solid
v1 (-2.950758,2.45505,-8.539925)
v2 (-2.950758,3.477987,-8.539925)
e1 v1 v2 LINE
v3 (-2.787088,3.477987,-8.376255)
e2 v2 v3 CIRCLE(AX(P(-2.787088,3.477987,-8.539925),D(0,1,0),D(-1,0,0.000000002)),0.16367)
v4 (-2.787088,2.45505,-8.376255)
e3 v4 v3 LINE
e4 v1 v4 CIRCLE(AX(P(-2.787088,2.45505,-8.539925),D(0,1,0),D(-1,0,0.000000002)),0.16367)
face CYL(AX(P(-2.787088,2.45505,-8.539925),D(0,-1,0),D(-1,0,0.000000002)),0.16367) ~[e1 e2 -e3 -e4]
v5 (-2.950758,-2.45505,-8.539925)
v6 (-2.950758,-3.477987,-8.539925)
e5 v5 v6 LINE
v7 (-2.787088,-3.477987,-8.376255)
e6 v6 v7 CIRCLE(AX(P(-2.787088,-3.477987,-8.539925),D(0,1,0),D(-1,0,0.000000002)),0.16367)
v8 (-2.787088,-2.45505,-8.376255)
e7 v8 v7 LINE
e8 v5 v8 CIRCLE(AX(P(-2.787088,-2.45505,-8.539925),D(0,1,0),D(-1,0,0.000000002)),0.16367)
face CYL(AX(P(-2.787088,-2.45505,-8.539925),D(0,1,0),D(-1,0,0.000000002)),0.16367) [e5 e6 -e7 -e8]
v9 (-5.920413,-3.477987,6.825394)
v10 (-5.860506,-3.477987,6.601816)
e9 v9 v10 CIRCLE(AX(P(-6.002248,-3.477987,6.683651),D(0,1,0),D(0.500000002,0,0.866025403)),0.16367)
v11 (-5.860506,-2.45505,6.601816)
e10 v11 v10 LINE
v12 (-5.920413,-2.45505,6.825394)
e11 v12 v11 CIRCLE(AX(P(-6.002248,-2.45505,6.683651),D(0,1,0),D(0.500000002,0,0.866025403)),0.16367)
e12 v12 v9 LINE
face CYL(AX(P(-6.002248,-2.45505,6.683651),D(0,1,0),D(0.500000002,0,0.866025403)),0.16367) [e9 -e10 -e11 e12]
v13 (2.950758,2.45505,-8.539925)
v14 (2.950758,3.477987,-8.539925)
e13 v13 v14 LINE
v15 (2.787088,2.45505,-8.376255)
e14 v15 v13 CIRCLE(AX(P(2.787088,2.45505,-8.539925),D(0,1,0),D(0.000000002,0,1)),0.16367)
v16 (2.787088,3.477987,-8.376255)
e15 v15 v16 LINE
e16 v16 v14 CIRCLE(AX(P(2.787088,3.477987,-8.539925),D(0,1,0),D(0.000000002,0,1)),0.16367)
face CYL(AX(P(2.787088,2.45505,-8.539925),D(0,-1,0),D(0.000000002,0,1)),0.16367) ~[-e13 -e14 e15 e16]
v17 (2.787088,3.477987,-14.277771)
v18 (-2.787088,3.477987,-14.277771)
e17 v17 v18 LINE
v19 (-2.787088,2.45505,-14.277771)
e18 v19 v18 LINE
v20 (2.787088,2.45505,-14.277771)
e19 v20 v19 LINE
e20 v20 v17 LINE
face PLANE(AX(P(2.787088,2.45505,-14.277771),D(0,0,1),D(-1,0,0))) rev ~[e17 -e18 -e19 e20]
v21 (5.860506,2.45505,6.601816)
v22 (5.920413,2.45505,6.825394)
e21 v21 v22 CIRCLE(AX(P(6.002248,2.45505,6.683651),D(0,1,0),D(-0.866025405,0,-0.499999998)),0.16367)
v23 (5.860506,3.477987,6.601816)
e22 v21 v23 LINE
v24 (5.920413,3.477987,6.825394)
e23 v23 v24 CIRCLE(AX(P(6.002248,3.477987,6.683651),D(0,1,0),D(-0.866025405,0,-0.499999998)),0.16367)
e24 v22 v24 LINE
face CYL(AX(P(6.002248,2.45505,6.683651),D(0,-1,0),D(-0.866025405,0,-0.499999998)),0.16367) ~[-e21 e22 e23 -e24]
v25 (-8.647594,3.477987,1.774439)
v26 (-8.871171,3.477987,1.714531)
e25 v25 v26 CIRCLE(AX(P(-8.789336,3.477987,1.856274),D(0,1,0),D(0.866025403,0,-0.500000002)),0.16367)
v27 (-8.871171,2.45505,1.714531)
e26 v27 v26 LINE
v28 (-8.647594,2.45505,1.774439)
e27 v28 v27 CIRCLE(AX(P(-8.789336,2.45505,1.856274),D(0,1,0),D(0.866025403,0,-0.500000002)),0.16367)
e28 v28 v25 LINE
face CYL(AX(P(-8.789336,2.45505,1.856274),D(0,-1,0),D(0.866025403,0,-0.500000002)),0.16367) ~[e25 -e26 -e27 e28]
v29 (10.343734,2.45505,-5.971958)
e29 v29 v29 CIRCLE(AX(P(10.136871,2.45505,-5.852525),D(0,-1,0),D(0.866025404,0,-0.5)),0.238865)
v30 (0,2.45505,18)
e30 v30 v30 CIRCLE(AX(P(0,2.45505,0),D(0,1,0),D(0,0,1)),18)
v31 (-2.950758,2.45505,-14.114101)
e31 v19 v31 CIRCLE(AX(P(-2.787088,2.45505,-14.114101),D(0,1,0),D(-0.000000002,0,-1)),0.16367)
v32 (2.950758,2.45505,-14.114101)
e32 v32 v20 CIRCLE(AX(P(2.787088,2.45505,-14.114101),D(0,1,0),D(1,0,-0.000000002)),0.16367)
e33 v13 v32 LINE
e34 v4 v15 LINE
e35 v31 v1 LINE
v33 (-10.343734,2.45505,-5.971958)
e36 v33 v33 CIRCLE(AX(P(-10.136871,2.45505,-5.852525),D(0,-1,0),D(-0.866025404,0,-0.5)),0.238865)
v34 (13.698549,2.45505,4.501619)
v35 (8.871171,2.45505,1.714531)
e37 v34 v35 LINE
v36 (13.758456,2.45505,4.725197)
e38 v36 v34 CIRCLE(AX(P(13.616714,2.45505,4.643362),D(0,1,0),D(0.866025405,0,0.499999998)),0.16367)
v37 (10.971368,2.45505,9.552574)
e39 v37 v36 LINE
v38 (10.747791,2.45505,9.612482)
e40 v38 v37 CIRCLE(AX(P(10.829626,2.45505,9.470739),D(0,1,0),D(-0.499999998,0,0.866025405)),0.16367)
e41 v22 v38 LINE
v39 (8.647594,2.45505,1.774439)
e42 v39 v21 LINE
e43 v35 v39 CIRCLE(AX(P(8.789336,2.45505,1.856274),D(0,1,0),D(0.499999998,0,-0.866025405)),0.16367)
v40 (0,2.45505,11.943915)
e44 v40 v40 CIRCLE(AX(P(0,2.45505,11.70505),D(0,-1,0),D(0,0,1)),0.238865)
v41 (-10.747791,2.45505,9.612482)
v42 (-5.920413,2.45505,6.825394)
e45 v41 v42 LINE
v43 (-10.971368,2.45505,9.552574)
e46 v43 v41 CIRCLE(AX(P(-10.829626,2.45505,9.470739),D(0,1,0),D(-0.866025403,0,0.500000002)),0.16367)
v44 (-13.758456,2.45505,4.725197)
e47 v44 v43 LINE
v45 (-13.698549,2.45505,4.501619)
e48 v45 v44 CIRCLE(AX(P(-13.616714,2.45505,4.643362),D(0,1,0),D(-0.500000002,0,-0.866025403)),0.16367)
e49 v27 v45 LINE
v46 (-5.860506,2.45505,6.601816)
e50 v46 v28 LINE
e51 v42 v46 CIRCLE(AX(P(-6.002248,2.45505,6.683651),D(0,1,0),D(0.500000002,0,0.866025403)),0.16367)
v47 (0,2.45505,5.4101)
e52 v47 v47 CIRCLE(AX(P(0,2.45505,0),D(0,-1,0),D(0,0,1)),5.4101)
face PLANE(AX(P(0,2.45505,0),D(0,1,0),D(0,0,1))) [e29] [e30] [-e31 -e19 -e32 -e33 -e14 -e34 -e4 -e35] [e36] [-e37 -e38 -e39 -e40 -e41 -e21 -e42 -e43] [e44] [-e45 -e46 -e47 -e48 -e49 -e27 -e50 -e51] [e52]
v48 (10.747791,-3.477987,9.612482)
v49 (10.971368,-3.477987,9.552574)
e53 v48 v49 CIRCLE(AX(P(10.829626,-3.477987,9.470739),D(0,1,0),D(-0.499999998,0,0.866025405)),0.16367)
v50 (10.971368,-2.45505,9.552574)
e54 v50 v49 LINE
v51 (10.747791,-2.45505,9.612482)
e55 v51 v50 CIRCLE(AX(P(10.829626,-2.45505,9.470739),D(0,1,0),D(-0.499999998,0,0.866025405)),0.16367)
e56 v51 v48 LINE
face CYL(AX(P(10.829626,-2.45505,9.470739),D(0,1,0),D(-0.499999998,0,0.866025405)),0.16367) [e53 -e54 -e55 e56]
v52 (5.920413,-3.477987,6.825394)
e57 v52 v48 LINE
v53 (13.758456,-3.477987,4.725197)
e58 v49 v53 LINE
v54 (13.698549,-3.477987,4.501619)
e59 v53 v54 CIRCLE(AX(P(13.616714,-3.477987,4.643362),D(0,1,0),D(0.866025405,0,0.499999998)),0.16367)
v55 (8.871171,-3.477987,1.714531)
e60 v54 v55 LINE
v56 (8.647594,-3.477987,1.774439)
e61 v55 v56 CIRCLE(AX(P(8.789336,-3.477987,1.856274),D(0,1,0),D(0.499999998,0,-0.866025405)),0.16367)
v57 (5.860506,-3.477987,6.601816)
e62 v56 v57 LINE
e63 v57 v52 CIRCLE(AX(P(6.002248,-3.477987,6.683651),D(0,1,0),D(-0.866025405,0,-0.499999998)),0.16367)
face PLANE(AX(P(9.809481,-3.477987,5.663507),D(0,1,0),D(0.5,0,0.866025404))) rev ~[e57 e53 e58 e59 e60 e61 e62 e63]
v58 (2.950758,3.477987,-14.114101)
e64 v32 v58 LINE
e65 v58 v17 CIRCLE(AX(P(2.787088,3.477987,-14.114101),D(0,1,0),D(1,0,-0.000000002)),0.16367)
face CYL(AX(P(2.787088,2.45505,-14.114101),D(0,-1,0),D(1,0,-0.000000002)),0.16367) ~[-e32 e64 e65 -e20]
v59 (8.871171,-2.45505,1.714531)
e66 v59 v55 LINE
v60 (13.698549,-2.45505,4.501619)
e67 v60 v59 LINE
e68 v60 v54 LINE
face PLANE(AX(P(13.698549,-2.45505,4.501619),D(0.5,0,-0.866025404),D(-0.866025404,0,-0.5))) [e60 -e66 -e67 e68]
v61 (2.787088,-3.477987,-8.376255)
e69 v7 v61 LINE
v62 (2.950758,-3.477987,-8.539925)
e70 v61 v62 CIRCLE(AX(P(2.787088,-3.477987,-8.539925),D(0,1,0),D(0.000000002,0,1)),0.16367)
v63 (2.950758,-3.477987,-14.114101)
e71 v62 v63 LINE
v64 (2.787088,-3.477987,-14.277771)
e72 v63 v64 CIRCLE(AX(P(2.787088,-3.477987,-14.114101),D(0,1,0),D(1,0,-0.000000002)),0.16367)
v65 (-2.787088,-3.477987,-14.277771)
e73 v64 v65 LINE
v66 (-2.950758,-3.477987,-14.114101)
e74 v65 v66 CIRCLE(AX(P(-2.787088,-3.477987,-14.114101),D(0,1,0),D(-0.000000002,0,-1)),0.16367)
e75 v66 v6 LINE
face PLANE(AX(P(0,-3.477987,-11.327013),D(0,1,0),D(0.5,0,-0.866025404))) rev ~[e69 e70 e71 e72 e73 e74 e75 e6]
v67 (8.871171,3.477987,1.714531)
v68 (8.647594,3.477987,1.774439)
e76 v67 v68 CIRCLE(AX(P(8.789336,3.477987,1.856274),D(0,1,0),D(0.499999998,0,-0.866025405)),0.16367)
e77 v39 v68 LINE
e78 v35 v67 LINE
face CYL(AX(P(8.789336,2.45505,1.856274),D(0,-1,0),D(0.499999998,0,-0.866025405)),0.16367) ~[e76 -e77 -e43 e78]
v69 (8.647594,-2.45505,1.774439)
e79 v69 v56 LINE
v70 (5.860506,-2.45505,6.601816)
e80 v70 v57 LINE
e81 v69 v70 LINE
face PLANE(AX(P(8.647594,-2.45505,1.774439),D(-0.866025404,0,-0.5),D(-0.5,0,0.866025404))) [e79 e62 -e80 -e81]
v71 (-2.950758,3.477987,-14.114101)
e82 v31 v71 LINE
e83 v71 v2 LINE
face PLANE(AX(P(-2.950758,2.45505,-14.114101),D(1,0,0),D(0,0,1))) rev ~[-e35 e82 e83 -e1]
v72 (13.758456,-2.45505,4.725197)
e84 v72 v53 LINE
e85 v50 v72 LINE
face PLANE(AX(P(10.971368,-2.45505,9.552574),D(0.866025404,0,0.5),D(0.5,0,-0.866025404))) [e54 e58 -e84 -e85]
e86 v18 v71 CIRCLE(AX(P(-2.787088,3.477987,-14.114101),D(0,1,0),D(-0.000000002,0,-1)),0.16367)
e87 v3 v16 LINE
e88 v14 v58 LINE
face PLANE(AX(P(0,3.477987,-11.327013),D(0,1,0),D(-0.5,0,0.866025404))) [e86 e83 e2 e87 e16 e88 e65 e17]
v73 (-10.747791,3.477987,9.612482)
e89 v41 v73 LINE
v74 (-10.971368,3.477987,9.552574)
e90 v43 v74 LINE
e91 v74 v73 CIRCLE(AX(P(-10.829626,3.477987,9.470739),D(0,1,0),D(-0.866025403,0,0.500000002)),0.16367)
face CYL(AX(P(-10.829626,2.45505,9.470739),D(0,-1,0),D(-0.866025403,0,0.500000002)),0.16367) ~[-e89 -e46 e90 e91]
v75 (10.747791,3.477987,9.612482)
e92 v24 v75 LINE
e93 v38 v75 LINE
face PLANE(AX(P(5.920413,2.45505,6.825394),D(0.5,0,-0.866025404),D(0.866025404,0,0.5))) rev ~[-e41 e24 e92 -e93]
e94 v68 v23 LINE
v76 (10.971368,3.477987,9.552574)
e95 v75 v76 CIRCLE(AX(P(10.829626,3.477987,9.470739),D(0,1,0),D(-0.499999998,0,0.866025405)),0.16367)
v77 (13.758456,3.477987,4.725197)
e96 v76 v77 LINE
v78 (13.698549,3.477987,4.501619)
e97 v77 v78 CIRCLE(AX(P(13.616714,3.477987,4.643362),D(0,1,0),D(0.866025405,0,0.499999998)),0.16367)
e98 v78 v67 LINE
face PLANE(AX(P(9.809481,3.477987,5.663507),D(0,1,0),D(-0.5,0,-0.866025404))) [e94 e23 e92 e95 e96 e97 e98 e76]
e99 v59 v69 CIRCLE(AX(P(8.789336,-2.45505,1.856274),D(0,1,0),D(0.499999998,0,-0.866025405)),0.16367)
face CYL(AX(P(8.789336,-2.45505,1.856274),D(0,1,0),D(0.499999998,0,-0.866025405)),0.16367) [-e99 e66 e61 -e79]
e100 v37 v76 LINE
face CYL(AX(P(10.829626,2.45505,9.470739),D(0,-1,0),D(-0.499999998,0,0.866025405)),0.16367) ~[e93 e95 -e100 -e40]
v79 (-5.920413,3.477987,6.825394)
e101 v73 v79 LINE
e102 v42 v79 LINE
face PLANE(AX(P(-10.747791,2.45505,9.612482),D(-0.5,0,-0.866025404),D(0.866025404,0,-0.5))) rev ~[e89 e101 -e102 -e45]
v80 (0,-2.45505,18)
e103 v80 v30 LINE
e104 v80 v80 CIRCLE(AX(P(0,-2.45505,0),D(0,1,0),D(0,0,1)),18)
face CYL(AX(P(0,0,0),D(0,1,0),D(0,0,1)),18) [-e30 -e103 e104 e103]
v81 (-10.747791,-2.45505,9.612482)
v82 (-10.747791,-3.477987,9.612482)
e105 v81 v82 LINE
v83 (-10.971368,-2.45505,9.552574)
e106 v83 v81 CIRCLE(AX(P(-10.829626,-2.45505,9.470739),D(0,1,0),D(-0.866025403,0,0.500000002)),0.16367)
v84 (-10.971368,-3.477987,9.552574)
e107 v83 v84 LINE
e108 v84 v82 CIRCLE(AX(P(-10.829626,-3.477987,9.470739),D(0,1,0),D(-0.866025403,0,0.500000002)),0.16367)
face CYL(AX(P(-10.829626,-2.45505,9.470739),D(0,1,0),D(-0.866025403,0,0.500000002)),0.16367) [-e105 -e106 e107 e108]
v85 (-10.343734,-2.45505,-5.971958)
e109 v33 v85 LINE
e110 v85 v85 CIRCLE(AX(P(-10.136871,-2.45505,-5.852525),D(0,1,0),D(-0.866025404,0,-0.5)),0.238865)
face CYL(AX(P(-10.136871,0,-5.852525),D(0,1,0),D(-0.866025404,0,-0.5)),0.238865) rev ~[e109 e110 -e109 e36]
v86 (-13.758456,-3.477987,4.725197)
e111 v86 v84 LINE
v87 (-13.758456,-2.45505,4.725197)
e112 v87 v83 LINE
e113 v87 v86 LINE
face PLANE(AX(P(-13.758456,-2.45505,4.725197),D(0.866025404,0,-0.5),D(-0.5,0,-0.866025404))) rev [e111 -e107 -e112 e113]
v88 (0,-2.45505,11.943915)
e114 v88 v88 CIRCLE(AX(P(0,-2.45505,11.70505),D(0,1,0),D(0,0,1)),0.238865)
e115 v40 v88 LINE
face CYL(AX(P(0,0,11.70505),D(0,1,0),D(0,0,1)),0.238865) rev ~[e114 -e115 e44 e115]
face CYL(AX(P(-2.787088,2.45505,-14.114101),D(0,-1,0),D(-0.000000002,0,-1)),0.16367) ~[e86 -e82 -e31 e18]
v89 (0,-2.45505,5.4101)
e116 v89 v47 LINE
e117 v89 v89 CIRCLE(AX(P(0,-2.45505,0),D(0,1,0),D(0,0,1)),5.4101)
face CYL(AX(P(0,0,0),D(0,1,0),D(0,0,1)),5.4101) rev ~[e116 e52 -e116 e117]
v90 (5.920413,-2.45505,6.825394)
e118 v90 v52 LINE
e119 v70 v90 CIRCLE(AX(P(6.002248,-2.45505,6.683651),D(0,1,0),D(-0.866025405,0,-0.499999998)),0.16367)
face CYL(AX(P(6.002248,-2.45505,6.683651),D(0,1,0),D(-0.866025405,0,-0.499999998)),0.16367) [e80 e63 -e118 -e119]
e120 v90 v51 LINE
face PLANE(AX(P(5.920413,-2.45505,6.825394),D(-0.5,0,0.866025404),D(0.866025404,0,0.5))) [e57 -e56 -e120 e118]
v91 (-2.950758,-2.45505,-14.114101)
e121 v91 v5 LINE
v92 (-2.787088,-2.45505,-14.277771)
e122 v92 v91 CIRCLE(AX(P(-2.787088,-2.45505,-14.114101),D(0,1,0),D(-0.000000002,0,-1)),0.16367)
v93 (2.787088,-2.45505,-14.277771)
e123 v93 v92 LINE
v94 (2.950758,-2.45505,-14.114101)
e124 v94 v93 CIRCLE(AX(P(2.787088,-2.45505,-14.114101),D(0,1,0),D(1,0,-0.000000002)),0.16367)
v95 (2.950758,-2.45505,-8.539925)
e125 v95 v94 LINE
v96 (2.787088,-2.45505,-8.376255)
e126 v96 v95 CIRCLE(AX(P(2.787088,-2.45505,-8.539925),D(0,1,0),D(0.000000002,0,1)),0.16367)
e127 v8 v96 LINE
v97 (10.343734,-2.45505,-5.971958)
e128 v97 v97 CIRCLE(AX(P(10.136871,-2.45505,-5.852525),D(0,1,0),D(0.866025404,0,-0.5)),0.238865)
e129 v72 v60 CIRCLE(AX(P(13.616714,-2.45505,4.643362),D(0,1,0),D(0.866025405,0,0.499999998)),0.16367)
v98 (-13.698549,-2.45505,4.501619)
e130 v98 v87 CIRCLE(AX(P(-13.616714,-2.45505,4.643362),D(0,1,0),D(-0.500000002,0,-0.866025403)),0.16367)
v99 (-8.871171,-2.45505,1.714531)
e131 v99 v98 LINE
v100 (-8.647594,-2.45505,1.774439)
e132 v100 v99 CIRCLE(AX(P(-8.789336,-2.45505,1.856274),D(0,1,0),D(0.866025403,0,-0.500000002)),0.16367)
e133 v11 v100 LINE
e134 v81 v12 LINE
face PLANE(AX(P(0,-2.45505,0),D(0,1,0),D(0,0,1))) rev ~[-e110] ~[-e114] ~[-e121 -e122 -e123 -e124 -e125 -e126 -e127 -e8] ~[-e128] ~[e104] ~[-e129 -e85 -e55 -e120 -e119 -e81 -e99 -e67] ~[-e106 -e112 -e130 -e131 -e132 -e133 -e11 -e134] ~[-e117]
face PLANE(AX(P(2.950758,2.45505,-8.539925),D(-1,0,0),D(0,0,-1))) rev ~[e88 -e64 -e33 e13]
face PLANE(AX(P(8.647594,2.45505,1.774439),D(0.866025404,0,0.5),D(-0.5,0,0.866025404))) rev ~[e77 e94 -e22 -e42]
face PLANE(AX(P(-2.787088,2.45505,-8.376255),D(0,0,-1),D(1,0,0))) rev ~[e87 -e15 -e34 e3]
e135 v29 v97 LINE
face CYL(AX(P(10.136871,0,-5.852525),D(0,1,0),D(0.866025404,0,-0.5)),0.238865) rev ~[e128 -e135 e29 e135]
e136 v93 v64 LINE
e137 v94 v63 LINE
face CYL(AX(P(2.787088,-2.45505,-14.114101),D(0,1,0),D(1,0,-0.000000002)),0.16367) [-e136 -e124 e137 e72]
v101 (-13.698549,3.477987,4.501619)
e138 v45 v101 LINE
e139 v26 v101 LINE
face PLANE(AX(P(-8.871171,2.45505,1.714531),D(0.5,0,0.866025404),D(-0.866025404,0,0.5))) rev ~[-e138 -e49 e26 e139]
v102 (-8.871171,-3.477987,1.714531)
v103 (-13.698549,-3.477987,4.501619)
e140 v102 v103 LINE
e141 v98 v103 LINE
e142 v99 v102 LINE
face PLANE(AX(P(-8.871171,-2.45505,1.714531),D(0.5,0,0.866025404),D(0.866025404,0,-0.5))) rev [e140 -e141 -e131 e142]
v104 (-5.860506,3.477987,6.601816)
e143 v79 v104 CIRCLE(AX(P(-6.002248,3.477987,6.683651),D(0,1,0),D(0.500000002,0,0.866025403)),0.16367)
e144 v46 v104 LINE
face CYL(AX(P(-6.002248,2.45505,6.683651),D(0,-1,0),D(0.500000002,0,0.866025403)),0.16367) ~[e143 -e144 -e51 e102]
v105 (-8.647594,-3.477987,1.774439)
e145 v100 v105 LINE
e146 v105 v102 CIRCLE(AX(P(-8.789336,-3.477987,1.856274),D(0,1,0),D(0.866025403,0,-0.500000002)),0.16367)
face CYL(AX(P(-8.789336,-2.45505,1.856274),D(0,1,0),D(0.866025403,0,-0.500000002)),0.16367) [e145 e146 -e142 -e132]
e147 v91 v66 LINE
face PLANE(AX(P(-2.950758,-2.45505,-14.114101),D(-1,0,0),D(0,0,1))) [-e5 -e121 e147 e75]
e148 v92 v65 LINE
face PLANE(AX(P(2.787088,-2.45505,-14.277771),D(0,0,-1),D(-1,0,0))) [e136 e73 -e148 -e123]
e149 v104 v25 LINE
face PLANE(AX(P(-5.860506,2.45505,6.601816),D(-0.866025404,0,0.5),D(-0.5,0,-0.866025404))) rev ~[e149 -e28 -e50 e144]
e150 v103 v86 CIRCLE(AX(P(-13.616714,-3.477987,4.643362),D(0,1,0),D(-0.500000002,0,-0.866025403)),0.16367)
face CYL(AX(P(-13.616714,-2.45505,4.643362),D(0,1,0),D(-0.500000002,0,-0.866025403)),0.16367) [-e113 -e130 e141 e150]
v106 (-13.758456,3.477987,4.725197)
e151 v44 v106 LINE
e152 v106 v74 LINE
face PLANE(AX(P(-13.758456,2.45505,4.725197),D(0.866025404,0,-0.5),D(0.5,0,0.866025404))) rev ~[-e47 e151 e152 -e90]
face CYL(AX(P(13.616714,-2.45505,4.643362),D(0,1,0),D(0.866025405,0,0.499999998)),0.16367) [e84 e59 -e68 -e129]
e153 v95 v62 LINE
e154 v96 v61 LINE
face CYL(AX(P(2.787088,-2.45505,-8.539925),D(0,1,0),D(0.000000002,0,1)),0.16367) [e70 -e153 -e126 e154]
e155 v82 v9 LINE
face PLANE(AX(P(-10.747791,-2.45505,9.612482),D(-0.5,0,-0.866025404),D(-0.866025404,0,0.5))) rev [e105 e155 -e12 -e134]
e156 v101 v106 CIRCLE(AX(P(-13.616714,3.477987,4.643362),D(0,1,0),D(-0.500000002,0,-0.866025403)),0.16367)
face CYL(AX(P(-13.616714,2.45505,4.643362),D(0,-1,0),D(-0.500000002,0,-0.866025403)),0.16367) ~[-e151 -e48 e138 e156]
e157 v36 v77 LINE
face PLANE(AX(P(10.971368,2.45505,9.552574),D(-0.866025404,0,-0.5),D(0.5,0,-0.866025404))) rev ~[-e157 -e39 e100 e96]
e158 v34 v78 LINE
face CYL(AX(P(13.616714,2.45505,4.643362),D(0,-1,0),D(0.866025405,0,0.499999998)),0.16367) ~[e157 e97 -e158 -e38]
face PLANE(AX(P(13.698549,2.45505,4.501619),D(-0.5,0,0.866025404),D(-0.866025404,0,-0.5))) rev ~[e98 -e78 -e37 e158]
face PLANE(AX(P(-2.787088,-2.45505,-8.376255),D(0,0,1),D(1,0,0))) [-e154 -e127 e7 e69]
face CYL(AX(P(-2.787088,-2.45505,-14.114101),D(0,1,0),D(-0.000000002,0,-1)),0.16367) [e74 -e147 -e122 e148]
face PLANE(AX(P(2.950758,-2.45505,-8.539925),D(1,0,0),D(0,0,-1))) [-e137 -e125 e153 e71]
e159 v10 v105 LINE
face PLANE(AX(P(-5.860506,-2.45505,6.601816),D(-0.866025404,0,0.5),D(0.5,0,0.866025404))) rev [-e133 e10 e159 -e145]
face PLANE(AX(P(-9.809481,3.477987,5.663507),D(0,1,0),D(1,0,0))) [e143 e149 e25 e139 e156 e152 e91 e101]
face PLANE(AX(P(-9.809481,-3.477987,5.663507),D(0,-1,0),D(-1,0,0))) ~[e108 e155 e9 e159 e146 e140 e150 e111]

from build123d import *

# Parameters (mm, degrees)
SKETCH1_R            = 18
BOSS_EXTRUDE1_DEPTH  = 2.45505
SKETCH3_R            = 0.238865
SKETCH3_R_2          = 5.4101
CUT_EXTRUDE1_DEPTH   = 26.57395688
CIRPATTERN1_COUNT    = 3
BOSS_EXTRUDE2_DEPTH  = 1.0229375
CIRPATTERN2_COUNT    = 3
MIRROR1_COPY_1_DEPTH = 1.0229375
MIRROR1_COPY_2_DEPTH = 1.0229375


with BuildPart() as part:
    # Sketch1 → Boss-Extrude1 (new, symmetric)
    with BuildSketch(Plane(origin=(0, 0, 0), x_dir=(1, 0, 0), z_dir=(0, 1, 0))):
        with Locations(Location((0, 0, 0), (0, 0, 270))):
            Circle(SKETCH1_R)
    extrude(amount=BOSS_EXTRUDE1_DEPTH, both=True)

    # Sketch3 → Cut-Extrude1 (cut, symmetric)
    with BuildSketch(Plane(origin=(0, 0, 0), x_dir=(1, 0, 0), z_dir=(0, 1, 0))):
        with Locations(Location((0, -11.70505, 0), (0, 0, 270))):
            Circle(SKETCH3_R)
        with Locations(Location((0, 0, 0), (0, 0, 270))):
            Circle(SKETCH3_R_2)
    cut_extrude1 = extrude(amount=CUT_EXTRUDE1_DEPTH, both=True, mode=Mode.SUBTRACT)

    # CirPattern1: Cut-Extrude1 ×3 about axis
    cirpattern1_axis = Axis((0, 0, 0), (0, 1, 0))
    for i in range(1, CIRPATTERN1_COUNT):
        add(cut_extrude1.rotate(cirpattern1_axis, i * 360 / CIRPATTERN1_COUNT), mode=Mode.SUBTRACT)

    # Sketch5 → Boss-Extrude2 (add)
    with BuildSketch(Plane(origin=(0, 2.45505, 0), x_dir=(1, 0, 0), z_dir=(0, 1, 0))):
        with BuildLine():
            Line((-8.871171075, -1.714531368), (-13.698548779, -4.501619185))
            ThreePointArc((-13.698548779, -4.501619185), (-13.774806859, -4.60100065), (-13.758456157, -4.725196563))
            Line((-13.758456157, -4.725196563), (-10.97136834, -9.552574267))
            ThreePointArc((-10.97136834, -9.552574267), (-10.871986875, -9.628832347), (-10.747790962, -9.612481645))
            Line((-10.747790962, -9.612481645), (-5.920413258, -6.825393828))
            ThreePointArc((-5.920413258, -6.825393828), (-5.844155178, -6.726012363), (-5.86050588, -6.60181645))
            Line((-5.86050588, -6.60181645), (-8.647593697, -1.774438746))
            ThreePointArc((-8.647593697, -1.774438746), (-8.746975162, -1.698180666), (-8.871171075, -1.714531368))
        make_face()
    boss_extrude2 = extrude(amount=BOSS_EXTRUDE2_DEPTH)

    # CirPattern2: Boss-Extrude2 ×3 about axis
    cirpattern2_axis = Axis((0, 0, 0), (0, 1, 0))
    for i in range(1, CIRPATTERN2_COUNT):
        add(boss_extrude2.rotate(cirpattern2_axis, i * 360 / CIRPATTERN2_COUNT))

    # Mirror1: Boss-Extrude2 across plane
    add(boss_extrude2.mirror(Plane.ZX))

    # Mirror1 copy 1 sketch → Mirror1 copy 1 (add)
    with BuildSketch(Plane(origin=(0, -2.45505, 0), x_dir=(-0.4999999999999998, 0, -0.8660254037844387), z_dir=(0, -1, 0))):
        with BuildLine():
            Line((-8.871171075, 1.714531368), (-13.698548779, 4.501619185))
            ThreePointArc((-13.698548779, 4.501619185), (-13.774806859, 4.60100065), (-13.758456157, 4.725196563))
            Line((-13.758456157, 4.725196563), (-10.97136834, 9.552574267))
            ThreePointArc((-10.97136834, 9.552574267), (-10.871986875, 9.628832347), (-10.747790962, 9.612481645))
            Line((-10.747790962, 9.612481645), (-5.920413258, 6.825393828))
            ThreePointArc((-5.920413258, 6.825393828), (-5.844155178, 6.726012363), (-5.86050588, 6.60181645))
            Line((-5.86050588, 6.60181645), (-8.647593697, 1.774438746))
            ThreePointArc((-8.647593697, 1.774438746), (-8.746975162, 1.698180666), (-8.871171075, 1.714531368))
        make_face()
    extrude(amount=MIRROR1_COPY_1_DEPTH)

    # Mirror1 copy 2 sketch → Mirror1 copy 2 (add)
    with BuildSketch(Plane(origin=(0, -2.45505, 0), x_dir=(-0.5000000000000004, 0, 0.8660254037844384), z_dir=(0, -1, 0))):
        with BuildLine():
            Line((-8.871171075, 1.714531368), (-13.698548779, 4.501619185))
            ThreePointArc((-13.698548779, 4.501619185), (-13.774806859, 4.60100065), (-13.758456157, 4.725196563))
            Line((-13.758456157, 4.725196563), (-10.97136834, 9.552574267))
            ThreePointArc((-10.97136834, 9.552574267), (-10.871986875, 9.628832347), (-10.747790962, 9.612481645))
            Line((-10.747790962, 9.612481645), (-5.920413258, 6.825393828))
            ThreePointArc((-5.920413258, 6.825393828), (-5.844155178, 6.726012363), (-5.86050588, 6.60181645))
            Line((-5.86050588, 6.60181645), (-8.647593697, 1.774438746))
            ThreePointArc((-8.647593697, 1.774438746), (-8.746975162, 1.698180666), (-8.871171075, 1.714531368))
        make_face()
    extrude(amount=MIRROR1_COPY_2_DEPTH)


solid = part.part
